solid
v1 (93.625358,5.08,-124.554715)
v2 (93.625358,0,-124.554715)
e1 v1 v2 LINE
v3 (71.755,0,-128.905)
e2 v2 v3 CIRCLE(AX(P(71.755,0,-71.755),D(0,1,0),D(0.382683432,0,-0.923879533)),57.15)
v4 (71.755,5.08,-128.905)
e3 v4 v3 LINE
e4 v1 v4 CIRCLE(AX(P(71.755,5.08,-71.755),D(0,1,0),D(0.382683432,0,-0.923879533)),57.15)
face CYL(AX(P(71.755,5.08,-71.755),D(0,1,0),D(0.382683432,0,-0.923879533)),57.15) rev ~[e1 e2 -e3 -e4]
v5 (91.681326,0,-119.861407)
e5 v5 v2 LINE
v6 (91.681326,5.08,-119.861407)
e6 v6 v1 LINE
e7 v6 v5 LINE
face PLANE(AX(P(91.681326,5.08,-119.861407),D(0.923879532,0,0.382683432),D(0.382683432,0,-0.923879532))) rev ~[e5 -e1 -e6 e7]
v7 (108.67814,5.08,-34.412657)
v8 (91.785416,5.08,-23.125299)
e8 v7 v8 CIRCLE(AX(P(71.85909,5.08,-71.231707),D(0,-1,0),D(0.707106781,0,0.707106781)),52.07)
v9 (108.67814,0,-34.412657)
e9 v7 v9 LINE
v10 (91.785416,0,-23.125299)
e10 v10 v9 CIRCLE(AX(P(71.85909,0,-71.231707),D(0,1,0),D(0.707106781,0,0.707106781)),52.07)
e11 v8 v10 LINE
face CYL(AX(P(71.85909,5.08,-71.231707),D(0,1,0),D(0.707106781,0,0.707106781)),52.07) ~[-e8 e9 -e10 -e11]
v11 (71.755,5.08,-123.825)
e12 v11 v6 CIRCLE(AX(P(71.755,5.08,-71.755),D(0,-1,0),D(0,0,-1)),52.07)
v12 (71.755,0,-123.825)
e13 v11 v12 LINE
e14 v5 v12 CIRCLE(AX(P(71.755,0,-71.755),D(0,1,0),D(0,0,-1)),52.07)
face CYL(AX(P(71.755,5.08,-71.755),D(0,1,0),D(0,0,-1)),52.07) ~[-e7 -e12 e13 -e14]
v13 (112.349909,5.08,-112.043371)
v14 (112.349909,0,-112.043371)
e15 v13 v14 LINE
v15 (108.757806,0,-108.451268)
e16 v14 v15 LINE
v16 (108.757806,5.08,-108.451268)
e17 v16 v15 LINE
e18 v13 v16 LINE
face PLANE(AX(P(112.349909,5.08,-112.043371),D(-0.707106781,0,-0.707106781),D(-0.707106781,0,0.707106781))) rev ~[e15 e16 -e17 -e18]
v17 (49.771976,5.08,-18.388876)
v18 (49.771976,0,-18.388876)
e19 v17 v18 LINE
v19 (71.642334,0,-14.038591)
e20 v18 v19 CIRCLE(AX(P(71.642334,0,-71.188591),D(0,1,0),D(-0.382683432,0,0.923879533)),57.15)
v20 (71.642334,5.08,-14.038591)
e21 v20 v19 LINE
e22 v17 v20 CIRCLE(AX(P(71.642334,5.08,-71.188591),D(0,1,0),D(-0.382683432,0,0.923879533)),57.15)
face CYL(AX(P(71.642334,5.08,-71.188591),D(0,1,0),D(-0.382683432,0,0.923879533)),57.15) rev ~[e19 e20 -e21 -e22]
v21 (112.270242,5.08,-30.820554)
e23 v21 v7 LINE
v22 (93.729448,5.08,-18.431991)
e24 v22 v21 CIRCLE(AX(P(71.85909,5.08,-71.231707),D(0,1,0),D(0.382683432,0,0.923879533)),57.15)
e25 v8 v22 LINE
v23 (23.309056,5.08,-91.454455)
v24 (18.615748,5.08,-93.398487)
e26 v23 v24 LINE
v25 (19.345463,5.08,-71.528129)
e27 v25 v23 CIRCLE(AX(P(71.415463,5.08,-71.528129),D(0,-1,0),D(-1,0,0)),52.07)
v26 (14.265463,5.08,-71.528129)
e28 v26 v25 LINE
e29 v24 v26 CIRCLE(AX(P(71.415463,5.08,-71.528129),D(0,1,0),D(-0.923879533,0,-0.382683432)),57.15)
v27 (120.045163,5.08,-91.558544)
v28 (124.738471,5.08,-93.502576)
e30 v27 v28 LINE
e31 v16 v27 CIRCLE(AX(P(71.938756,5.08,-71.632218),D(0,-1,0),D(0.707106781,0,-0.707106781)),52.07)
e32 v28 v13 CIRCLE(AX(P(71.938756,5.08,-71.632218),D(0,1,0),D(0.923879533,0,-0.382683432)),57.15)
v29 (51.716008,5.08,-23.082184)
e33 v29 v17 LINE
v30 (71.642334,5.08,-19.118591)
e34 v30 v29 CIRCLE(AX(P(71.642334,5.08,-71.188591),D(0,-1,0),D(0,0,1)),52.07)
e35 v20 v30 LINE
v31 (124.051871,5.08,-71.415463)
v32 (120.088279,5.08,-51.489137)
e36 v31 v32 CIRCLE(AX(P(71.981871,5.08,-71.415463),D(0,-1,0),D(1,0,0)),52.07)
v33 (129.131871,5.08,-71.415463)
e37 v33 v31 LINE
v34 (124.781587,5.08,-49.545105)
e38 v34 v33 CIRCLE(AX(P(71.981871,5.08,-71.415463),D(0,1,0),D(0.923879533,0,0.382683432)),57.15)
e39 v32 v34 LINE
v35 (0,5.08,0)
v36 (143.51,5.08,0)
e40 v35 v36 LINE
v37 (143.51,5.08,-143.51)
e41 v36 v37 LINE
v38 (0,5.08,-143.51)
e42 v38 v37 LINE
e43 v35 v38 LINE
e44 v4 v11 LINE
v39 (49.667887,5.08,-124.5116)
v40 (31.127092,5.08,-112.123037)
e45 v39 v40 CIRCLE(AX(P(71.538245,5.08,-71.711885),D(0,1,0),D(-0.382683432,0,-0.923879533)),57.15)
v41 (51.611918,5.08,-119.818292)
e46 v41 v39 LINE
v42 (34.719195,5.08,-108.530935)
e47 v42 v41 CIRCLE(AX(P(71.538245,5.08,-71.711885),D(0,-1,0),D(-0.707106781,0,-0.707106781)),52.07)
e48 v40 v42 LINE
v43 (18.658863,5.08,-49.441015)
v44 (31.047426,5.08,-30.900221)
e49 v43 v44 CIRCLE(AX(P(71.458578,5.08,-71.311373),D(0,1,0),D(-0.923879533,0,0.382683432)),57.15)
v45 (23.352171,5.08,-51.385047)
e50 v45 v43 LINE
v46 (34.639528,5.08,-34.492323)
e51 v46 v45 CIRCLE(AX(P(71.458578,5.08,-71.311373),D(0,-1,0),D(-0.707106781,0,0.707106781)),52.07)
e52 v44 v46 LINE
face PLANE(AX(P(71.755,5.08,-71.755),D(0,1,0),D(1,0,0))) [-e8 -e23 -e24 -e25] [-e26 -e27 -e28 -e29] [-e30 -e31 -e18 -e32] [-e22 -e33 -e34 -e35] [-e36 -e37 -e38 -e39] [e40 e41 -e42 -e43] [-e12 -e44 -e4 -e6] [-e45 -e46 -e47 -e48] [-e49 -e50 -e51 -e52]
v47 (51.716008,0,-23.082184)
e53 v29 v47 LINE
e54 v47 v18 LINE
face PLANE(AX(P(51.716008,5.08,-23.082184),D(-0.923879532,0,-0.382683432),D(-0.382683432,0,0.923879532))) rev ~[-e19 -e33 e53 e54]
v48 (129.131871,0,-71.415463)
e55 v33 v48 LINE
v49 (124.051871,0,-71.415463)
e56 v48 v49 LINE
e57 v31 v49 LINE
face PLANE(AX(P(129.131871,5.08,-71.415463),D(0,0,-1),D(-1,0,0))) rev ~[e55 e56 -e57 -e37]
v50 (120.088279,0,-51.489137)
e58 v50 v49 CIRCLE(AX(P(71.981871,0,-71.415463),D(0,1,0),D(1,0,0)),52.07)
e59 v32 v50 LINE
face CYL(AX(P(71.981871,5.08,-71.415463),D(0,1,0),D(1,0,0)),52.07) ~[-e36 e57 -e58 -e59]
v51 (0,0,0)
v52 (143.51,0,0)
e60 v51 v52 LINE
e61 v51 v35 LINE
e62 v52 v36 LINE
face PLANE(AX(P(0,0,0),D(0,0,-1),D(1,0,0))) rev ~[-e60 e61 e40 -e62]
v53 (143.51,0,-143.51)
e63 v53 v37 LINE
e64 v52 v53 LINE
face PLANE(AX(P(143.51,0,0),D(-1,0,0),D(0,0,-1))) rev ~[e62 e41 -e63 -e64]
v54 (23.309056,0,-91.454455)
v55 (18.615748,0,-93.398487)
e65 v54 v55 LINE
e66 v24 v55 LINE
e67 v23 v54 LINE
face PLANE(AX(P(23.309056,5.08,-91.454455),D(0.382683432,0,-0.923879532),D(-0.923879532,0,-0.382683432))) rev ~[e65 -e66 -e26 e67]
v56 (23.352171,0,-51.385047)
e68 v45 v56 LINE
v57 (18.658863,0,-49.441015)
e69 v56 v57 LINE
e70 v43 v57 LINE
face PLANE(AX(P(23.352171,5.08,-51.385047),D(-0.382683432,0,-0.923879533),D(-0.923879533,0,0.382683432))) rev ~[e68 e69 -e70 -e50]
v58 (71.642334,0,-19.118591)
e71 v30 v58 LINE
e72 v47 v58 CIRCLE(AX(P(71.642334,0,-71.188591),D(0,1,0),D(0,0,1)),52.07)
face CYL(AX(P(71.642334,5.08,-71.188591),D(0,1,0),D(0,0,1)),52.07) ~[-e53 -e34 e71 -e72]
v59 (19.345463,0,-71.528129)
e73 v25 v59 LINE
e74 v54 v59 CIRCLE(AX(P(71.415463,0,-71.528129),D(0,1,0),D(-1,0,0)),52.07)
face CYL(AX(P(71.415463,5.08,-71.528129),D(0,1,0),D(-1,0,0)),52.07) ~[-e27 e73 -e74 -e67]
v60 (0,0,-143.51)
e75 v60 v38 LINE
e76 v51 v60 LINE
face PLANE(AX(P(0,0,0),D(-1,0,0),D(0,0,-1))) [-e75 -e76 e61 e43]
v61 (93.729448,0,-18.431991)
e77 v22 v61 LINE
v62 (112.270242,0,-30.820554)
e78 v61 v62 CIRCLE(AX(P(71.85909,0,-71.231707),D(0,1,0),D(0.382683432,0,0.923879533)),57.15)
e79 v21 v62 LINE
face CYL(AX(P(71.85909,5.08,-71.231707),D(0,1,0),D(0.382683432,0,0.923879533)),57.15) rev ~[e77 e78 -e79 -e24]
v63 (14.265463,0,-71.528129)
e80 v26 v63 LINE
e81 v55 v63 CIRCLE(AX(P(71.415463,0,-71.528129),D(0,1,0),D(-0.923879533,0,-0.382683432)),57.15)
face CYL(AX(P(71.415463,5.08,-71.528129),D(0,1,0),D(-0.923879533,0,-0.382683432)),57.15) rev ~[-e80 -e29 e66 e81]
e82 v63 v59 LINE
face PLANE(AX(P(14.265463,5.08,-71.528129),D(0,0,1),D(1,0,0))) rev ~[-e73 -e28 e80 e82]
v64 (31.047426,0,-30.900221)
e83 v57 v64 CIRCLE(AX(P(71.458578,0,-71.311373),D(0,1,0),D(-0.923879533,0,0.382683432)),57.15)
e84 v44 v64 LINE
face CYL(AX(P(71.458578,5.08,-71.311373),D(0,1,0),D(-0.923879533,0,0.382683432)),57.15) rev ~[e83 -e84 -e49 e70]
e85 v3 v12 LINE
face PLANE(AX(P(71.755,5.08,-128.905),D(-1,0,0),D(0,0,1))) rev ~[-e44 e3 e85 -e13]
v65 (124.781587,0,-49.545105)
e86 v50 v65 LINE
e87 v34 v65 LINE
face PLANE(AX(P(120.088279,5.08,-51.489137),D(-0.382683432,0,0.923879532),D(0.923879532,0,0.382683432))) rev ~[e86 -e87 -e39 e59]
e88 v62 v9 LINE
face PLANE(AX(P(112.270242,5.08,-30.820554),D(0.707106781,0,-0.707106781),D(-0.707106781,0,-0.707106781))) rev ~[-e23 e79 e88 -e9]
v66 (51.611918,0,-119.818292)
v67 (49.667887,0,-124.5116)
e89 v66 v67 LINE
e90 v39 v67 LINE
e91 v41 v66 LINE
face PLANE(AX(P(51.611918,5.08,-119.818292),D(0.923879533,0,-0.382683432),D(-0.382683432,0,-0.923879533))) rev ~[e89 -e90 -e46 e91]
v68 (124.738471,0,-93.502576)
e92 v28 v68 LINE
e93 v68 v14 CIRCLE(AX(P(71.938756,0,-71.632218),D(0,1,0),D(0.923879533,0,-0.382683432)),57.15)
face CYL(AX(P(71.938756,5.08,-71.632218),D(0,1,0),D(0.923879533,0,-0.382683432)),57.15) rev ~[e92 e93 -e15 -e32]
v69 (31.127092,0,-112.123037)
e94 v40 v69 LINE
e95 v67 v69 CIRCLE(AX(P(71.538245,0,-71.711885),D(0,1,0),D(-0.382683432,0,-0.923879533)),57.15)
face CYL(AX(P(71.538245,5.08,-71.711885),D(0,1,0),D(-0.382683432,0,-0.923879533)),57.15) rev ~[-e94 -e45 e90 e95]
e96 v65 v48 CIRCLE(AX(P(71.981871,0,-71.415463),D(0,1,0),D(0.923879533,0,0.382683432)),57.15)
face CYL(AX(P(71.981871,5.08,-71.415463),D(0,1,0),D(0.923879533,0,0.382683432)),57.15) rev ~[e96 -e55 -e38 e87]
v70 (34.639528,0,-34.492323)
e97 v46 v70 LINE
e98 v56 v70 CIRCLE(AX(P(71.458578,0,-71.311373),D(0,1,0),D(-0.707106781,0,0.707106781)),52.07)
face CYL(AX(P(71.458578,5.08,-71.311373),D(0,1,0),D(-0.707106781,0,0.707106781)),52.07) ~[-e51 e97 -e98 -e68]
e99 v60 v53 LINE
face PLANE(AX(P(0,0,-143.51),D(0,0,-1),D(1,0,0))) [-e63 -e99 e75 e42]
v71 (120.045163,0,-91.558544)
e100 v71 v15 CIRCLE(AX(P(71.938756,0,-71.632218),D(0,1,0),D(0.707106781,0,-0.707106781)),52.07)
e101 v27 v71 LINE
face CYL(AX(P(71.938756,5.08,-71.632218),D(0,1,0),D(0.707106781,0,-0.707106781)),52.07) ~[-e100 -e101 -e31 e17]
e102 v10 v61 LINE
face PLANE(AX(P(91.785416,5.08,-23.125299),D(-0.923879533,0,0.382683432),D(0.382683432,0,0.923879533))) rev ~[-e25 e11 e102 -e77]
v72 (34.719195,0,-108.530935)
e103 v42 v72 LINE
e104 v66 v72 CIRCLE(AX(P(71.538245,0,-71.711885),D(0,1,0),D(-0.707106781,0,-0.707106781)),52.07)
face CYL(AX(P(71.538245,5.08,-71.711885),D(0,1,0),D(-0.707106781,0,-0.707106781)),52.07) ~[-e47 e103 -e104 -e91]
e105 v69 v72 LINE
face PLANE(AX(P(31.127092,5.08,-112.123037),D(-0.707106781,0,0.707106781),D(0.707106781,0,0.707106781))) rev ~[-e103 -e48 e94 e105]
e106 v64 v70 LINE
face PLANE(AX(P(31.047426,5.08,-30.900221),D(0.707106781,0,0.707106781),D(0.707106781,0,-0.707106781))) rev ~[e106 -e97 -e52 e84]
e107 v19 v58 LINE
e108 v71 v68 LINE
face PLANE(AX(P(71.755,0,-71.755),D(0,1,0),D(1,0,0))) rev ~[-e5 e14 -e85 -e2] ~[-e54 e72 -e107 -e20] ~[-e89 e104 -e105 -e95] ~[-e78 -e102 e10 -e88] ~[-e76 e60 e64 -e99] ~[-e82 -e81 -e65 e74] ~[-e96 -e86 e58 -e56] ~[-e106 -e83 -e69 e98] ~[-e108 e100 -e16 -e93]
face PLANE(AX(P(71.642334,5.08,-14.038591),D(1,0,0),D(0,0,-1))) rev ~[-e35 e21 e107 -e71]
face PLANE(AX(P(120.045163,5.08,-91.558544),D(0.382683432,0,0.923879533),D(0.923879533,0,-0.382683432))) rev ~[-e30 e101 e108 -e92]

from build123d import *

# Parameters (mm, degrees)
SKETCH1_W           = 143.51
SKETCH1_H           = 143.51
BOSS_EXTRUDE1_DEPTH = 5.08
CUT_EXTRUDE1_DEPTH  = 6.08
CIRPATTERN1_COUNT   = 8


with BuildPart() as part:
    # Sketch1 → Boss-Extrude1 (new body)
    with BuildSketch(Plane(origin=(0, 0, 0), x_dir=(1, 0, 0), z_dir=(0, 1, 0))):
        with Locations((71.755, 71.755)):
            Rectangle(SKETCH1_W, SKETCH1_H)
    extrude(amount=BOSS_EXTRUDE1_DEPTH)

    # Sketch3 → Cut-Extrude1 (cut, through all)
    with BuildSketch(Plane(origin=(0, 5.08, 0), x_dir=(1, 0, 0), z_dir=(0, 1, 0))):
        with BuildLine():
            Line((71.755, 128.905), (71.755, 123.825))
            ThreePointArc((71.755, 123.825), (81.913353067, 122.824489551), (91.681326323, 119.861407258))
            Line((91.681326323, 119.861407258), (93.62535816, 124.554715283))
            ThreePointArc((93.62535816, 124.554715283), (82.904411903, 127.806878775), (71.755, 128.905))
        make_face()
    cut_extrude1 = extrude(amount=-CUT_EXTRUDE1_DEPTH, mode=Mode.SUBTRACT)

    # CirPattern1: Cut-Extrude1 ×8 about axis
    cirpattern1_axis = Axis((71.698667162, 0, -71.471795698), (0, 1, 0))
    for i in range(1, CIRPATTERN1_COUNT):
        add(cut_extrude1.rotate(cirpattern1_axis, i * 360 / CIRPATTERN1_COUNT), mode=Mode.SUBTRACT)


solid = part.part
